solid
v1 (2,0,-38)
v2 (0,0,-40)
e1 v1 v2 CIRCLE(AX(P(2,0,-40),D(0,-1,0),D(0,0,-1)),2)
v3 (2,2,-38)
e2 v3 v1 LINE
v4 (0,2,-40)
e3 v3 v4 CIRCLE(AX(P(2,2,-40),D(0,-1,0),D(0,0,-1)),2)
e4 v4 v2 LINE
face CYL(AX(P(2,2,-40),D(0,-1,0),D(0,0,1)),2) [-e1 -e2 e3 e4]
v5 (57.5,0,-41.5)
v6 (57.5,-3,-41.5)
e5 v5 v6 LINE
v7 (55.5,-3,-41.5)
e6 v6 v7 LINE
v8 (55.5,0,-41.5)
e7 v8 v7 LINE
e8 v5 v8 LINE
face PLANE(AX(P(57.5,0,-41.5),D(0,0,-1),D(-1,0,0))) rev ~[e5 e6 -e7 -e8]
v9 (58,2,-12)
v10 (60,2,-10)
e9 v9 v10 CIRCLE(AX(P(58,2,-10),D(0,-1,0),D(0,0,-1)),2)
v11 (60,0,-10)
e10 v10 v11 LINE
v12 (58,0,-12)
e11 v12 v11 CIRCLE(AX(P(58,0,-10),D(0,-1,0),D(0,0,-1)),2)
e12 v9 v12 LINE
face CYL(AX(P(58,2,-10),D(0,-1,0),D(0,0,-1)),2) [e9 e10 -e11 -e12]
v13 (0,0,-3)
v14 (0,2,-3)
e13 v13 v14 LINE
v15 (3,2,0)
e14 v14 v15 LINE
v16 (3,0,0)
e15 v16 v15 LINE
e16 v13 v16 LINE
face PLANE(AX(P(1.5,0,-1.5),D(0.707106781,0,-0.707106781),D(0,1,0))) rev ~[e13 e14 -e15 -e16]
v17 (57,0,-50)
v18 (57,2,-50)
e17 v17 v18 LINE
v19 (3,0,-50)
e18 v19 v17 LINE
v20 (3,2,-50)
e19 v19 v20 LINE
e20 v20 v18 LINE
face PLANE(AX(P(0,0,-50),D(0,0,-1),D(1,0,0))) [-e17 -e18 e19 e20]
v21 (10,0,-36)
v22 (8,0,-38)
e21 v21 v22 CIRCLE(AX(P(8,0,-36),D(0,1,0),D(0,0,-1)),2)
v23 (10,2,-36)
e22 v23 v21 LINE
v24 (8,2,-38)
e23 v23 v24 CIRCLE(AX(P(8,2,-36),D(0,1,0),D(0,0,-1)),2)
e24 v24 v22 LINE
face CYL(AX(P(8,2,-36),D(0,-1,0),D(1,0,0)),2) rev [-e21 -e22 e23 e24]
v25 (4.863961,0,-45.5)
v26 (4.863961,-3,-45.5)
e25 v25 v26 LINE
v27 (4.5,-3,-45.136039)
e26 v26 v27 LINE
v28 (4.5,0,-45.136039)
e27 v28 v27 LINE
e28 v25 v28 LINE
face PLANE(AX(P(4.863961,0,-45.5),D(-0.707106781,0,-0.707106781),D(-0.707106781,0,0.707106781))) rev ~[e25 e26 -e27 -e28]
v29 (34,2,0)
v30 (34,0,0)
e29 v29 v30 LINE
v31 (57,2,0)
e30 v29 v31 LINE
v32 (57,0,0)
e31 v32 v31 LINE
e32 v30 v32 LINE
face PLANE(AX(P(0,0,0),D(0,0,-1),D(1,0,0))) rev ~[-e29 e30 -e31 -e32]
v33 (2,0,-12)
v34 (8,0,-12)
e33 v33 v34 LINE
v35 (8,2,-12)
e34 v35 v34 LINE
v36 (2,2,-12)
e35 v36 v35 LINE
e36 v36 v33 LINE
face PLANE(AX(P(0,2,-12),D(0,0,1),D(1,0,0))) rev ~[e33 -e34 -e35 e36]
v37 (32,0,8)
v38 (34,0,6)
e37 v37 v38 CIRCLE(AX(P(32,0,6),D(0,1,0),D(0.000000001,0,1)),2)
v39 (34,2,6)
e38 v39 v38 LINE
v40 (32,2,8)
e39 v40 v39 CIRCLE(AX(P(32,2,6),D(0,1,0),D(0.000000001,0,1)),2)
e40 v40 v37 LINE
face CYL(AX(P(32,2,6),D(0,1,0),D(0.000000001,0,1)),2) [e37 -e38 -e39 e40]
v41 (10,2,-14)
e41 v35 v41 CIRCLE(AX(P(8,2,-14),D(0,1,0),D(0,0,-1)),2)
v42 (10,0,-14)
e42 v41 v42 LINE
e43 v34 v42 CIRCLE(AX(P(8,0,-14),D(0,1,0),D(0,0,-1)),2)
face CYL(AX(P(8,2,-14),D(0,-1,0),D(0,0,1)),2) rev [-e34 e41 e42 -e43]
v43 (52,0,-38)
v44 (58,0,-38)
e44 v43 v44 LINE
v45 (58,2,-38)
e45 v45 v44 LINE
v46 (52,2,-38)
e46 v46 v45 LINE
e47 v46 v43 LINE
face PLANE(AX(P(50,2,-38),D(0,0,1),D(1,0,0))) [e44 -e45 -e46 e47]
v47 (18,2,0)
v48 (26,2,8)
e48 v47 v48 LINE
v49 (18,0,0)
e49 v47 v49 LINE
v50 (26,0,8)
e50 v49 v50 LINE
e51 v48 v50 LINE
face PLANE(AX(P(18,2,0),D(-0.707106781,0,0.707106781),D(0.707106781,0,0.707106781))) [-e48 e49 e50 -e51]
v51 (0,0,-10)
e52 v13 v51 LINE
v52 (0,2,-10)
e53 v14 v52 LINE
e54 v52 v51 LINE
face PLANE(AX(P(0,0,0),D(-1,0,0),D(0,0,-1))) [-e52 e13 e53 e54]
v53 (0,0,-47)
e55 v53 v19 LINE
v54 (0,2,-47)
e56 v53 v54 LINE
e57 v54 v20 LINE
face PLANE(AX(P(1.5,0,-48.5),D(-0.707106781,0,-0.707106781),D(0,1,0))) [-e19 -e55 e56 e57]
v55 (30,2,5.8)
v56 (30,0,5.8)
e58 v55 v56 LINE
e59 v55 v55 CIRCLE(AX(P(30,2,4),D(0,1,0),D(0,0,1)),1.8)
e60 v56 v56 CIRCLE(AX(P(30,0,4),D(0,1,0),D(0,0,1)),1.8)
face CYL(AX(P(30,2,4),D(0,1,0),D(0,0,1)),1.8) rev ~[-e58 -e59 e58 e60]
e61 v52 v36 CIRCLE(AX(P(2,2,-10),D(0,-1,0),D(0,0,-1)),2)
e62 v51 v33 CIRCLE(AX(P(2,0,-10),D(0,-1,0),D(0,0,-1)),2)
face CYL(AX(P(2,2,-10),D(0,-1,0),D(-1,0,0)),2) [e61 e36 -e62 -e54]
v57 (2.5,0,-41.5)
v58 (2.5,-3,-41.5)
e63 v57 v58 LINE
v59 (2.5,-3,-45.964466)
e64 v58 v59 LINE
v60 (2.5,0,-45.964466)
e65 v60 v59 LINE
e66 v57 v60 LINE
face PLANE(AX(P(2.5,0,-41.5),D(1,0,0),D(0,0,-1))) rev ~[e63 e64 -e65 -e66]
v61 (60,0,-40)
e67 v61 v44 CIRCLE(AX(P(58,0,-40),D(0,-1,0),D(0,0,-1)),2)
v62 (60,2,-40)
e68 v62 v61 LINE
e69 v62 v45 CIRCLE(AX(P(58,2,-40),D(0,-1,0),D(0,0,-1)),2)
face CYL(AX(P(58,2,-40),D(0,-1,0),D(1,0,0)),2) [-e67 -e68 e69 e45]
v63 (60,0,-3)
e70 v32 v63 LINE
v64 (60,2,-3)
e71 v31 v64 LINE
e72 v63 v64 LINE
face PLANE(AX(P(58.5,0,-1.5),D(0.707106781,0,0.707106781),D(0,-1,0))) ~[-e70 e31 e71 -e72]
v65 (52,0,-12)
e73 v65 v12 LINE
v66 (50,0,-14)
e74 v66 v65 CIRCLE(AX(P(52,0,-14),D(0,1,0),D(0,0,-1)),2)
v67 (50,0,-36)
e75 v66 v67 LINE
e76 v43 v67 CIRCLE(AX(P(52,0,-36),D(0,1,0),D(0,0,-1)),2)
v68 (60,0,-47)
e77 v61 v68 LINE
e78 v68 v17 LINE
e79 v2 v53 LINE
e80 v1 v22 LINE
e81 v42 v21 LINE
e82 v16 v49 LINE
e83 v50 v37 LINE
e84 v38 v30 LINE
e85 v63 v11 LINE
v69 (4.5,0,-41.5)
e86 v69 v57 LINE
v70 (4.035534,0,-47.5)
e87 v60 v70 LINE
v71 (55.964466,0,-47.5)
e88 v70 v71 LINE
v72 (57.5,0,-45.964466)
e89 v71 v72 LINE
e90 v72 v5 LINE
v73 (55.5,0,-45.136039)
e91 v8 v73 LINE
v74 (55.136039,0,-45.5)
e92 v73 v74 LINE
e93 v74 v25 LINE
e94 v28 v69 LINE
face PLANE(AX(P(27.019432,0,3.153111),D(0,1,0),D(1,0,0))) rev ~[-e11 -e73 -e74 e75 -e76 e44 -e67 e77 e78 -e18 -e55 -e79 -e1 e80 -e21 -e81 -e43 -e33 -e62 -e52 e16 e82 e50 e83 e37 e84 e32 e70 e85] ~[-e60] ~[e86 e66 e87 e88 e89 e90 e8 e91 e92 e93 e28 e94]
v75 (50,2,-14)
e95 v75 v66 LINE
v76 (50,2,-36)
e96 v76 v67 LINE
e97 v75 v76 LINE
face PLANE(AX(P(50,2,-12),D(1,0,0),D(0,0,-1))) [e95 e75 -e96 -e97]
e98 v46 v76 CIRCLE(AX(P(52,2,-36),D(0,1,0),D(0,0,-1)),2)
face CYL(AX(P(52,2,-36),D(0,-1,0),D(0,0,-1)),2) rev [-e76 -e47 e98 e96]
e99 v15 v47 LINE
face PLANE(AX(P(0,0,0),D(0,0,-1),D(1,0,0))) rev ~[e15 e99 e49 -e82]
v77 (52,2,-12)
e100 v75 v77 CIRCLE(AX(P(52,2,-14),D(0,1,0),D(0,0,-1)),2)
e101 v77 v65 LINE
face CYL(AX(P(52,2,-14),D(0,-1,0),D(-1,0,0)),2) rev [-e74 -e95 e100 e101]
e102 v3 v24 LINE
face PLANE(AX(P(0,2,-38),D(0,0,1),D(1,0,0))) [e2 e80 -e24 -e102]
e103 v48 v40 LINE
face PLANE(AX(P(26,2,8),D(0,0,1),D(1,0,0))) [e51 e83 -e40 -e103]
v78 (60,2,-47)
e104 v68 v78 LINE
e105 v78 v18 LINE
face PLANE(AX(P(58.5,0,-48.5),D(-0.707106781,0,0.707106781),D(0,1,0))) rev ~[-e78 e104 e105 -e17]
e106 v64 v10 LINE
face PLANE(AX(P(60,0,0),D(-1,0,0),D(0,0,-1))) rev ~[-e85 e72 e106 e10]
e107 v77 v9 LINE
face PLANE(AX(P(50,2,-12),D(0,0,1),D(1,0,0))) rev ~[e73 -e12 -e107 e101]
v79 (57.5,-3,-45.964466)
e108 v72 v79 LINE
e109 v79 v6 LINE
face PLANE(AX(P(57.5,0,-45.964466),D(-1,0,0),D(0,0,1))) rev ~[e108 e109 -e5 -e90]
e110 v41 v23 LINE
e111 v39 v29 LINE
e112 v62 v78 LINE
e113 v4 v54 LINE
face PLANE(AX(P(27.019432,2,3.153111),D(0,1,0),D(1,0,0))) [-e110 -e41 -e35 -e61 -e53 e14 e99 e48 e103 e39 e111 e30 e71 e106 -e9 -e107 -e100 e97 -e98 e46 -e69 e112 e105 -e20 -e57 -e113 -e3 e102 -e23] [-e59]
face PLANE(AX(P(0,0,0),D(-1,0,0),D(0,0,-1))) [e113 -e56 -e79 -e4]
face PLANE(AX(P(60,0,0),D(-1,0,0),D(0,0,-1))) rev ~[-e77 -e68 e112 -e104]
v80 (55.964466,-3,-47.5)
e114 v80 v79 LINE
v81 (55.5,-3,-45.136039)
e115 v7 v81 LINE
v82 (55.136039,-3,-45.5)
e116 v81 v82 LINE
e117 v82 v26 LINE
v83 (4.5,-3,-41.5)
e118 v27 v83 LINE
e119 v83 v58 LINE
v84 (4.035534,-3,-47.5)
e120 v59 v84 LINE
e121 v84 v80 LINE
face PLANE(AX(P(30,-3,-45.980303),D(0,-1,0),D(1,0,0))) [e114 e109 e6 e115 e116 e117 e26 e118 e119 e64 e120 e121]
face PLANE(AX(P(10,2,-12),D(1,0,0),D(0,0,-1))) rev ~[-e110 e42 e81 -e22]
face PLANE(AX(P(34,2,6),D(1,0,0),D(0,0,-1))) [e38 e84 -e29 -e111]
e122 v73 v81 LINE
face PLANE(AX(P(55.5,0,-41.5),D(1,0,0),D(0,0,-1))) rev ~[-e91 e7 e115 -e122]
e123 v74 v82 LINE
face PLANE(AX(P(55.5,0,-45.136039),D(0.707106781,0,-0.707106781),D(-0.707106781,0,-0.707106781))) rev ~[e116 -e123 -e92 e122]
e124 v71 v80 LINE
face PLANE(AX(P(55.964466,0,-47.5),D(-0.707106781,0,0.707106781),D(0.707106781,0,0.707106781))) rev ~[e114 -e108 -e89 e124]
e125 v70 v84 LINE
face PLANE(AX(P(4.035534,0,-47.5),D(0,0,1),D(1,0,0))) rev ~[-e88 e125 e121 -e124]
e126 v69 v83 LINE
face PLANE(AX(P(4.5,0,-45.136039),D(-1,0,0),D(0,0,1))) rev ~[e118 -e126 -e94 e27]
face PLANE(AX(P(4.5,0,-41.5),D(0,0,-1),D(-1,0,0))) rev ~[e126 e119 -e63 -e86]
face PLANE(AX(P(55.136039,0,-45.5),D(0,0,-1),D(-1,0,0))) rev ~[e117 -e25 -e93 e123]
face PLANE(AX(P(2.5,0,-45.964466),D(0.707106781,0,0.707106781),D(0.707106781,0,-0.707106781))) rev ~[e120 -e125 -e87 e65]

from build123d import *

# Parameters (mm, degrees)
SKETCH1_W           = 60
SKETCH1_H           = 50
BOSS_EXTRUDE1_DEPTH = 2
CHAMFER1_SIZE       = 3
BOSS_EXTRUDE2_DEPTH = 3
SKETCH3_R           = 2
SKETCH3_R_2         = 1.8
BOSS_EXTRUDE3_DEPTH = 2
SKETCH4_W           = 10
SKETCH4_H           = 26
CUT_EXTRUDE1_DEPTH  = 79.262379212
FILLET1_R           = 2


with BuildPart() as part:
    # Sketch1 → Boss-Extrude1 (new body)
    with BuildSketch(Plane(origin=(0, 0, 0), x_dir=(1, 0, 0), z_dir=(0, 1, 0))):
        with Locations((30, 25)):
            Rectangle(SKETCH1_W, SKETCH1_H)
    extrude(amount=BOSS_EXTRUDE1_DEPTH)

    # Chamfer1
    chamfer1_edges = [part.edges().sort_by_distance(p)[0] for p in [
        (0, 1, -50),
        (60, 1, -50),
        (60, 1, 0),
        (0, 1, 0),
    ]]
    chamfer(chamfer1_edges, length=CHAMFER1_SIZE)

    # Sketch2 → Boss-Extrude2 (add)
    with BuildSketch(Plane.XZ):
        Polygon((4.5, -41.5), (2.5, -41.5), (2.5, -45.964466094), (4.035533906, -47.5), (55.964466094, -47.5), (57.5, -45.964466094), (57.5, -41.5), (55.5, -41.5), (55.5, -45.136038969), (55.136038969, -45.5), (4.863961031, -45.5), (4.5, -45.136038969), align=None)
    extrude(amount=BOSS_EXTRUDE2_DEPTH)

    # Sketch3 → Boss-Extrude3 (add)
    # profile 1 of 2: a face of its own
    with BuildSketch(Plane(origin=(0, 2, 0), x_dir=(1, 0, 0), z_dir=(0, 1, 0))):
        with BuildLine():
            Line((18, 0), (26, -8))
            Line((26, -8), (32, -8))
            ThreePointArc((32, -8), (33.414213562, -7.414213562), (34, -6))
            Line((34, -6), (34, 0))
            Line((34, 0), (18, 0))
        make_face()
        with Locations((30, -4)):
            Circle(SKETCH3_R, mode=Mode.SUBTRACT)
    # profile 2 of 2: a face of its own
    with BuildSketch(Plane(origin=(0, 2, 0), x_dir=(1, 0, 0), z_dir=(0, 1, 0))):
        with Locations((30, -4)):
            Circle(SKETCH3_R)
        with Locations(Location((30, -4, 0), (0, 0, 270))):
            Circle(SKETCH3_R_2, mode=Mode.SUBTRACT)
    extrude(amount=-BOSS_EXTRUDE3_DEPTH)

    # Sketch4 → Cut-Extrude1 (cut, through all)
    with BuildSketch(Plane(origin=(0, 2, 0), x_dir=(1, 0, 0), z_dir=(0, 1, 0))):
        with Locations((5, 25)):
            Rectangle(SKETCH4_W, SKETCH4_H)
        with Locations((55, 25)):
            Rectangle(SKETCH4_W, SKETCH4_H)
    extrude(amount=-CUT_EXTRUDE1_DEPTH, mode=Mode.SUBTRACT)

    # Fillet1
    fillet1_edges = [part.edges().sort_by_distance(p)[0] for p in [
        (0, 1, -12),
        (0, 1, -38),
        (10, 1, -38),
        (10, 1, -12),
        (60, 1, -38),
        (60, 1, -12),
        (50, 1, -12),
        (50, 1, -38),
    ]]
    fillet(fillet1_edges, radius=FILLET1_R)


solid = part.part
